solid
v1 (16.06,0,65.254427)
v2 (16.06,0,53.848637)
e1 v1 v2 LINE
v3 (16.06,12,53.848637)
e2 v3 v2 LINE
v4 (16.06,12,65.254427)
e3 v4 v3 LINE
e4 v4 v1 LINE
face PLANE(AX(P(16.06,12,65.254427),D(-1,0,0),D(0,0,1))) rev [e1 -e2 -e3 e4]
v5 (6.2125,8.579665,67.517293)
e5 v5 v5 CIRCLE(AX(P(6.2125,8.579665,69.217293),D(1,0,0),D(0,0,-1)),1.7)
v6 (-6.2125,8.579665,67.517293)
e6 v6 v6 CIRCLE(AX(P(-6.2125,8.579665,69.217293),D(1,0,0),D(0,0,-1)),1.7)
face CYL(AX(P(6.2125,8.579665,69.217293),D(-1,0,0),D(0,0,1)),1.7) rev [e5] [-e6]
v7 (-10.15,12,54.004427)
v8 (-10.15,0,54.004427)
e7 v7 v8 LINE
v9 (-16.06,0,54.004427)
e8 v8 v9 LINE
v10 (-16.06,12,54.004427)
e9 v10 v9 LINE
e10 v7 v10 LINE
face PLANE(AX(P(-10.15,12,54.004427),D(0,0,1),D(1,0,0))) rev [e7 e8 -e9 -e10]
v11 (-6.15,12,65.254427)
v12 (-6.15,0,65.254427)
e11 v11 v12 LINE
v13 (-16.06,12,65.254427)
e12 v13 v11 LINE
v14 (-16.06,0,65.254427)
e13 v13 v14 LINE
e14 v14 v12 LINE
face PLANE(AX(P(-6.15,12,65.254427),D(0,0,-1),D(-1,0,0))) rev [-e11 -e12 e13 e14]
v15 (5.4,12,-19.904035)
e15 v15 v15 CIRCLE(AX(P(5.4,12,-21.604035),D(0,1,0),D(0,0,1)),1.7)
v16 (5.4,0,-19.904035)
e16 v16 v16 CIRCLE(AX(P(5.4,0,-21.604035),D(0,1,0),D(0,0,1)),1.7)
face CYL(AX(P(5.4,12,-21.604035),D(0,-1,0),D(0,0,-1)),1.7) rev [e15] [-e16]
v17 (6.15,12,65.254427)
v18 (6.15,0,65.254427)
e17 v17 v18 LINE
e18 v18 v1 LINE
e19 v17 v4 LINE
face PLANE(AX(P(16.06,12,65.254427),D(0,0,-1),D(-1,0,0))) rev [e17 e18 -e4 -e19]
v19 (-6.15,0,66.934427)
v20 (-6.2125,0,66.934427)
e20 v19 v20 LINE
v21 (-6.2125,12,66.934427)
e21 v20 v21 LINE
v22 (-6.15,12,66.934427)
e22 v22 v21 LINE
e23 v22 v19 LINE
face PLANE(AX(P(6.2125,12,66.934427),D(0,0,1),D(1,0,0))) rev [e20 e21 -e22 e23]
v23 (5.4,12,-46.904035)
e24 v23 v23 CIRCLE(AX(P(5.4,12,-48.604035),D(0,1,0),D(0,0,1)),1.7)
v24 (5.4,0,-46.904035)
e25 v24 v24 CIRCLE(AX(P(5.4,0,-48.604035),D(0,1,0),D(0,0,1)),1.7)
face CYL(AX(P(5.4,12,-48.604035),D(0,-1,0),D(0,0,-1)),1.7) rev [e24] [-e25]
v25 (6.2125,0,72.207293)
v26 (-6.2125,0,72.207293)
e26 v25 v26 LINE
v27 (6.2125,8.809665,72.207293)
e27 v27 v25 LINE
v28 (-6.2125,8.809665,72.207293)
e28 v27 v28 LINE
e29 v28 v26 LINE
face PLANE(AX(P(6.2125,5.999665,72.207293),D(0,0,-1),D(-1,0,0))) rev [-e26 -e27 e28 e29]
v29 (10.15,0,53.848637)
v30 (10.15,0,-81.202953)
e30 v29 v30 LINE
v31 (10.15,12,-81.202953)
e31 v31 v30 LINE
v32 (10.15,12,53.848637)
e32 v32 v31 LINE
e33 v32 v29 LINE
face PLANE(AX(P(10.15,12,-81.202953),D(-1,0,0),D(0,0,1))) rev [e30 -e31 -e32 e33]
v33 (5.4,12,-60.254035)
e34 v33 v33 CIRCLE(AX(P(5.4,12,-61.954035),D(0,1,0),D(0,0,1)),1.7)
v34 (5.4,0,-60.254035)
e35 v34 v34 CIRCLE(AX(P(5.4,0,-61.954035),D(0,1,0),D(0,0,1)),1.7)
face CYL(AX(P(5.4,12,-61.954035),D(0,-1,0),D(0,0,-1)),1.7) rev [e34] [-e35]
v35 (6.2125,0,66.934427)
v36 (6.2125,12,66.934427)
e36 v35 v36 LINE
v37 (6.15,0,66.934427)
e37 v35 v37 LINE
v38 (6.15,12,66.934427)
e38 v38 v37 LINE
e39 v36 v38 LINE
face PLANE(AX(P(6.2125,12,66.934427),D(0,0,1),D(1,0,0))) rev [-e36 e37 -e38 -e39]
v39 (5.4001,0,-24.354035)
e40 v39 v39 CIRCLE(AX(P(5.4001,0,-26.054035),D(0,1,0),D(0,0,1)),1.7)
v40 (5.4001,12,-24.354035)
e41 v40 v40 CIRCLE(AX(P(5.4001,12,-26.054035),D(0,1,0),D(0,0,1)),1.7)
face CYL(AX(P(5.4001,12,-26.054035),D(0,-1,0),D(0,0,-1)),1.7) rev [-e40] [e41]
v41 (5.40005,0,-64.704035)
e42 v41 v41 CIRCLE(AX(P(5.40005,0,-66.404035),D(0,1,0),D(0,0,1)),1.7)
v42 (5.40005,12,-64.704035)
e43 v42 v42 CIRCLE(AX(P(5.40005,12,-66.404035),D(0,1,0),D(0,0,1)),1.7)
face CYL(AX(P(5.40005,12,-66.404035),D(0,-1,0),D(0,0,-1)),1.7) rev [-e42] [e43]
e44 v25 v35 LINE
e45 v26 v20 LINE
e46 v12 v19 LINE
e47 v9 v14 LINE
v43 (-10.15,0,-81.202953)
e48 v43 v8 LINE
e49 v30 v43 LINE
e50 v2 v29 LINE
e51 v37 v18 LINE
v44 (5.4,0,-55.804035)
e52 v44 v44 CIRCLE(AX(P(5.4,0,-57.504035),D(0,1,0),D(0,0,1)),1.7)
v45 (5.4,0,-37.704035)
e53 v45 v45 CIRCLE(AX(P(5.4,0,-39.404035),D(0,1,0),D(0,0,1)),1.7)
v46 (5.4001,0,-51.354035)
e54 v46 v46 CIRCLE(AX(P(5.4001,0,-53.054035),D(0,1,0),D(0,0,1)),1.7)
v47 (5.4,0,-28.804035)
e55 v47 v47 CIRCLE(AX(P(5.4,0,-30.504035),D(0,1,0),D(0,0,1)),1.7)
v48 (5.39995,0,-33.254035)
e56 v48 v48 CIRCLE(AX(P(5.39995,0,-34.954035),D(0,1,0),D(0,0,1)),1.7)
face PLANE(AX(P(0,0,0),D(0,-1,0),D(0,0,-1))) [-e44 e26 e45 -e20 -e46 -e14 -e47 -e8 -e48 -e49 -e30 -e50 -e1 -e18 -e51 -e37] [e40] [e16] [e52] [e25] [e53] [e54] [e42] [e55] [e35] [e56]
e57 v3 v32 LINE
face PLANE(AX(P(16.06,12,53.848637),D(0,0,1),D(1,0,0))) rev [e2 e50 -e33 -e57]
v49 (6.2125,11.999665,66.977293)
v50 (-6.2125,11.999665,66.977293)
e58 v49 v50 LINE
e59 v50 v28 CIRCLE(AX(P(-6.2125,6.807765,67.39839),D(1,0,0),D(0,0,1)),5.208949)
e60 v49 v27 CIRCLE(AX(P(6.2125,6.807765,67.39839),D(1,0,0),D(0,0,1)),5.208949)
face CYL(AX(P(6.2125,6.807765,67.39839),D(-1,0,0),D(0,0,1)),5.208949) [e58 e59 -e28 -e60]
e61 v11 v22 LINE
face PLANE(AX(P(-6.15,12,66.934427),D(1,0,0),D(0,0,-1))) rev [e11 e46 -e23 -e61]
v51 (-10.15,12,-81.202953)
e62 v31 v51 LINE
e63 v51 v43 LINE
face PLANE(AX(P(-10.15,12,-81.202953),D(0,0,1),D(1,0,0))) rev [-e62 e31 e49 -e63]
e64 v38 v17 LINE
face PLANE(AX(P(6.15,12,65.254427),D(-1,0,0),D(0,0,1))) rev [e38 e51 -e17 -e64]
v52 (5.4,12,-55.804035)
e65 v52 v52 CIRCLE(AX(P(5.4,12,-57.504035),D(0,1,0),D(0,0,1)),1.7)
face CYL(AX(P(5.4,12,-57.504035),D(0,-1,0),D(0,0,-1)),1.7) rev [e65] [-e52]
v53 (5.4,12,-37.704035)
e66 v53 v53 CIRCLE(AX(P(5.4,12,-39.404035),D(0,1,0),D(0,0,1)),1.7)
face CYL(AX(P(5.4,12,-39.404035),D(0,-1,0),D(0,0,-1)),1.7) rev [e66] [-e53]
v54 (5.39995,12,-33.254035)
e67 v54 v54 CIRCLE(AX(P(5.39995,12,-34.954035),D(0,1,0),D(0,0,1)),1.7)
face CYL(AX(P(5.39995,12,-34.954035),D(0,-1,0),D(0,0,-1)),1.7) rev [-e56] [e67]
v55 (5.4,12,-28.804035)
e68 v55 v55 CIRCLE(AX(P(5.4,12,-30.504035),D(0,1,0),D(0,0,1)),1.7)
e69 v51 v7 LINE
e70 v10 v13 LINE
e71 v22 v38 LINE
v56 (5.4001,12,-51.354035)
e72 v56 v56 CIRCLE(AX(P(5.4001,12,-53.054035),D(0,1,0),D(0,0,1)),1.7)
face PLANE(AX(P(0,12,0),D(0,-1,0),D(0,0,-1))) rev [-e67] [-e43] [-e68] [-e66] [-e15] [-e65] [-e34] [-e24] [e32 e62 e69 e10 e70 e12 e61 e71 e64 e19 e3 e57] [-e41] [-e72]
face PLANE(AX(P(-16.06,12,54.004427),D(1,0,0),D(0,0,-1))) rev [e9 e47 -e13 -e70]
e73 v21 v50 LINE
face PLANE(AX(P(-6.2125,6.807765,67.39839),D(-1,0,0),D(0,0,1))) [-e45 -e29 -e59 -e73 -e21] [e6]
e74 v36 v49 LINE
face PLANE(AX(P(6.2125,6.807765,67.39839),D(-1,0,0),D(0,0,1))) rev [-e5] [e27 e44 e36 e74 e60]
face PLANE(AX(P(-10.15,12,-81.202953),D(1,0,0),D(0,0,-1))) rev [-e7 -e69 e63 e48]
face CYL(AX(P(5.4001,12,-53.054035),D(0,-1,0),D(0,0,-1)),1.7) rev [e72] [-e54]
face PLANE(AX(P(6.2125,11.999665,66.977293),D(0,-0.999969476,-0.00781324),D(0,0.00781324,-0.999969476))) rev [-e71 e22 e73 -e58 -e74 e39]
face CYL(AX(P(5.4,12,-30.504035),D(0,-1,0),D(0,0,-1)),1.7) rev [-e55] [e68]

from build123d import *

# Parameters (mm, degrees)
SKETCH1_R           = 1.7
BOSS_EXTRUDE1_DEPTH = 12
SKETCH2_R           = 1.7
BOSS_EXTRUDE2_DEPTH = 6.2125


with BuildPart() as part:
    # Sketch1 → Boss-Extrude1 (new body)
    with BuildSketch(Plane(origin=(0, 0, 0), x_dir=(1, 0, 0), z_dir=(0, 1, 0))):
        Polygon((-10.15, 81.202952909), (10.15, 81.202952909), (10.15, -53.848636554), (16.06, -53.848636554), (16.06, -65.254427144), (6.15, -65.254427144), (6.15, -66.934427144), (-6.15, -66.934427144), (-6.15, -65.254427144), (-16.06, -65.254427144), (-16.06, -54.004427144), (-10.15, -54.004427144), align=None)
        with Locations(Location((5.4, 57.504034689, 0), (0, 0, 270))):
            Circle(SKETCH1_R, mode=Mode.SUBTRACT)
        with Locations(Location((5.4, 30.504034689, 0), (0, 0, 270))):
            Circle(SKETCH1_R, mode=Mode.SUBTRACT)
        with Locations(Location((5.4001, 53.054034689, 0), (0, 0, 270))):
            Circle(SKETCH1_R, mode=Mode.SUBTRACT)
        with Locations(Location((5.4001, 26.054034689, 0), (0, 0, 270))):
            Circle(SKETCH1_R, mode=Mode.SUBTRACT)
        with Locations(Location((5.4, 61.954034689, 0), (0, 0, 270))):
            Circle(SKETCH1_R, mode=Mode.SUBTRACT)
        with Locations(Location((5.39995, 34.954034689, 0), (0, 0, 270))):
            Circle(SKETCH1_R, mode=Mode.SUBTRACT)
        with Locations(Location((5.4, 48.60403469, 0), (0, 0, 270))):
            Circle(SKETCH1_R, mode=Mode.SUBTRACT)
        with Locations(Location((5.40005, 66.404034689, 0), (0, 0, 270))):
            Circle(SKETCH1_R, mode=Mode.SUBTRACT)
        with Locations(Location((5.4, 21.60403469, 0), (0, 0, 270))):
            Circle(SKETCH1_R, mode=Mode.SUBTRACT)
        with Locations(Location((5.4, 39.404034689, 0), (0, 0, 270))):
            Circle(SKETCH1_R, mode=Mode.SUBTRACT)
    extrude(amount=BOSS_EXTRUDE1_DEPTH)

    # Sketch2 → Boss-Extrude2 (add, symmetric)
    with BuildSketch(Plane(origin=(0, 0, 0), x_dir=(0, 0, -1), z_dir=(1, 0, 0))):
        with BuildLine():
            Line((-72.207292933, 5.999665069), (-72.207292933, 8.809665069))
            ThreePointArc((-72.207292933, 8.809665069), (-70.110812417, 11.254776949), (-66.977292933, 11.999665069))
            Line((-66.977292933, 11.999665069), (-66.934427144, 12))
            Line((-66.934427144, 12), (-66.934427144, 0))
            Line((-66.934427144, 0), (-72.207292933, 0))
            Line((-72.207292933, 0), (-72.207292933, 5.999665069))
        make_face()
        with Locations((-69.217292933, 8.579665069)):
            Circle(SKETCH2_R, mode=Mode.SUBTRACT)
    extrude(amount=BOSS_EXTRUDE2_DEPTH, both=True)


solid = part.part
